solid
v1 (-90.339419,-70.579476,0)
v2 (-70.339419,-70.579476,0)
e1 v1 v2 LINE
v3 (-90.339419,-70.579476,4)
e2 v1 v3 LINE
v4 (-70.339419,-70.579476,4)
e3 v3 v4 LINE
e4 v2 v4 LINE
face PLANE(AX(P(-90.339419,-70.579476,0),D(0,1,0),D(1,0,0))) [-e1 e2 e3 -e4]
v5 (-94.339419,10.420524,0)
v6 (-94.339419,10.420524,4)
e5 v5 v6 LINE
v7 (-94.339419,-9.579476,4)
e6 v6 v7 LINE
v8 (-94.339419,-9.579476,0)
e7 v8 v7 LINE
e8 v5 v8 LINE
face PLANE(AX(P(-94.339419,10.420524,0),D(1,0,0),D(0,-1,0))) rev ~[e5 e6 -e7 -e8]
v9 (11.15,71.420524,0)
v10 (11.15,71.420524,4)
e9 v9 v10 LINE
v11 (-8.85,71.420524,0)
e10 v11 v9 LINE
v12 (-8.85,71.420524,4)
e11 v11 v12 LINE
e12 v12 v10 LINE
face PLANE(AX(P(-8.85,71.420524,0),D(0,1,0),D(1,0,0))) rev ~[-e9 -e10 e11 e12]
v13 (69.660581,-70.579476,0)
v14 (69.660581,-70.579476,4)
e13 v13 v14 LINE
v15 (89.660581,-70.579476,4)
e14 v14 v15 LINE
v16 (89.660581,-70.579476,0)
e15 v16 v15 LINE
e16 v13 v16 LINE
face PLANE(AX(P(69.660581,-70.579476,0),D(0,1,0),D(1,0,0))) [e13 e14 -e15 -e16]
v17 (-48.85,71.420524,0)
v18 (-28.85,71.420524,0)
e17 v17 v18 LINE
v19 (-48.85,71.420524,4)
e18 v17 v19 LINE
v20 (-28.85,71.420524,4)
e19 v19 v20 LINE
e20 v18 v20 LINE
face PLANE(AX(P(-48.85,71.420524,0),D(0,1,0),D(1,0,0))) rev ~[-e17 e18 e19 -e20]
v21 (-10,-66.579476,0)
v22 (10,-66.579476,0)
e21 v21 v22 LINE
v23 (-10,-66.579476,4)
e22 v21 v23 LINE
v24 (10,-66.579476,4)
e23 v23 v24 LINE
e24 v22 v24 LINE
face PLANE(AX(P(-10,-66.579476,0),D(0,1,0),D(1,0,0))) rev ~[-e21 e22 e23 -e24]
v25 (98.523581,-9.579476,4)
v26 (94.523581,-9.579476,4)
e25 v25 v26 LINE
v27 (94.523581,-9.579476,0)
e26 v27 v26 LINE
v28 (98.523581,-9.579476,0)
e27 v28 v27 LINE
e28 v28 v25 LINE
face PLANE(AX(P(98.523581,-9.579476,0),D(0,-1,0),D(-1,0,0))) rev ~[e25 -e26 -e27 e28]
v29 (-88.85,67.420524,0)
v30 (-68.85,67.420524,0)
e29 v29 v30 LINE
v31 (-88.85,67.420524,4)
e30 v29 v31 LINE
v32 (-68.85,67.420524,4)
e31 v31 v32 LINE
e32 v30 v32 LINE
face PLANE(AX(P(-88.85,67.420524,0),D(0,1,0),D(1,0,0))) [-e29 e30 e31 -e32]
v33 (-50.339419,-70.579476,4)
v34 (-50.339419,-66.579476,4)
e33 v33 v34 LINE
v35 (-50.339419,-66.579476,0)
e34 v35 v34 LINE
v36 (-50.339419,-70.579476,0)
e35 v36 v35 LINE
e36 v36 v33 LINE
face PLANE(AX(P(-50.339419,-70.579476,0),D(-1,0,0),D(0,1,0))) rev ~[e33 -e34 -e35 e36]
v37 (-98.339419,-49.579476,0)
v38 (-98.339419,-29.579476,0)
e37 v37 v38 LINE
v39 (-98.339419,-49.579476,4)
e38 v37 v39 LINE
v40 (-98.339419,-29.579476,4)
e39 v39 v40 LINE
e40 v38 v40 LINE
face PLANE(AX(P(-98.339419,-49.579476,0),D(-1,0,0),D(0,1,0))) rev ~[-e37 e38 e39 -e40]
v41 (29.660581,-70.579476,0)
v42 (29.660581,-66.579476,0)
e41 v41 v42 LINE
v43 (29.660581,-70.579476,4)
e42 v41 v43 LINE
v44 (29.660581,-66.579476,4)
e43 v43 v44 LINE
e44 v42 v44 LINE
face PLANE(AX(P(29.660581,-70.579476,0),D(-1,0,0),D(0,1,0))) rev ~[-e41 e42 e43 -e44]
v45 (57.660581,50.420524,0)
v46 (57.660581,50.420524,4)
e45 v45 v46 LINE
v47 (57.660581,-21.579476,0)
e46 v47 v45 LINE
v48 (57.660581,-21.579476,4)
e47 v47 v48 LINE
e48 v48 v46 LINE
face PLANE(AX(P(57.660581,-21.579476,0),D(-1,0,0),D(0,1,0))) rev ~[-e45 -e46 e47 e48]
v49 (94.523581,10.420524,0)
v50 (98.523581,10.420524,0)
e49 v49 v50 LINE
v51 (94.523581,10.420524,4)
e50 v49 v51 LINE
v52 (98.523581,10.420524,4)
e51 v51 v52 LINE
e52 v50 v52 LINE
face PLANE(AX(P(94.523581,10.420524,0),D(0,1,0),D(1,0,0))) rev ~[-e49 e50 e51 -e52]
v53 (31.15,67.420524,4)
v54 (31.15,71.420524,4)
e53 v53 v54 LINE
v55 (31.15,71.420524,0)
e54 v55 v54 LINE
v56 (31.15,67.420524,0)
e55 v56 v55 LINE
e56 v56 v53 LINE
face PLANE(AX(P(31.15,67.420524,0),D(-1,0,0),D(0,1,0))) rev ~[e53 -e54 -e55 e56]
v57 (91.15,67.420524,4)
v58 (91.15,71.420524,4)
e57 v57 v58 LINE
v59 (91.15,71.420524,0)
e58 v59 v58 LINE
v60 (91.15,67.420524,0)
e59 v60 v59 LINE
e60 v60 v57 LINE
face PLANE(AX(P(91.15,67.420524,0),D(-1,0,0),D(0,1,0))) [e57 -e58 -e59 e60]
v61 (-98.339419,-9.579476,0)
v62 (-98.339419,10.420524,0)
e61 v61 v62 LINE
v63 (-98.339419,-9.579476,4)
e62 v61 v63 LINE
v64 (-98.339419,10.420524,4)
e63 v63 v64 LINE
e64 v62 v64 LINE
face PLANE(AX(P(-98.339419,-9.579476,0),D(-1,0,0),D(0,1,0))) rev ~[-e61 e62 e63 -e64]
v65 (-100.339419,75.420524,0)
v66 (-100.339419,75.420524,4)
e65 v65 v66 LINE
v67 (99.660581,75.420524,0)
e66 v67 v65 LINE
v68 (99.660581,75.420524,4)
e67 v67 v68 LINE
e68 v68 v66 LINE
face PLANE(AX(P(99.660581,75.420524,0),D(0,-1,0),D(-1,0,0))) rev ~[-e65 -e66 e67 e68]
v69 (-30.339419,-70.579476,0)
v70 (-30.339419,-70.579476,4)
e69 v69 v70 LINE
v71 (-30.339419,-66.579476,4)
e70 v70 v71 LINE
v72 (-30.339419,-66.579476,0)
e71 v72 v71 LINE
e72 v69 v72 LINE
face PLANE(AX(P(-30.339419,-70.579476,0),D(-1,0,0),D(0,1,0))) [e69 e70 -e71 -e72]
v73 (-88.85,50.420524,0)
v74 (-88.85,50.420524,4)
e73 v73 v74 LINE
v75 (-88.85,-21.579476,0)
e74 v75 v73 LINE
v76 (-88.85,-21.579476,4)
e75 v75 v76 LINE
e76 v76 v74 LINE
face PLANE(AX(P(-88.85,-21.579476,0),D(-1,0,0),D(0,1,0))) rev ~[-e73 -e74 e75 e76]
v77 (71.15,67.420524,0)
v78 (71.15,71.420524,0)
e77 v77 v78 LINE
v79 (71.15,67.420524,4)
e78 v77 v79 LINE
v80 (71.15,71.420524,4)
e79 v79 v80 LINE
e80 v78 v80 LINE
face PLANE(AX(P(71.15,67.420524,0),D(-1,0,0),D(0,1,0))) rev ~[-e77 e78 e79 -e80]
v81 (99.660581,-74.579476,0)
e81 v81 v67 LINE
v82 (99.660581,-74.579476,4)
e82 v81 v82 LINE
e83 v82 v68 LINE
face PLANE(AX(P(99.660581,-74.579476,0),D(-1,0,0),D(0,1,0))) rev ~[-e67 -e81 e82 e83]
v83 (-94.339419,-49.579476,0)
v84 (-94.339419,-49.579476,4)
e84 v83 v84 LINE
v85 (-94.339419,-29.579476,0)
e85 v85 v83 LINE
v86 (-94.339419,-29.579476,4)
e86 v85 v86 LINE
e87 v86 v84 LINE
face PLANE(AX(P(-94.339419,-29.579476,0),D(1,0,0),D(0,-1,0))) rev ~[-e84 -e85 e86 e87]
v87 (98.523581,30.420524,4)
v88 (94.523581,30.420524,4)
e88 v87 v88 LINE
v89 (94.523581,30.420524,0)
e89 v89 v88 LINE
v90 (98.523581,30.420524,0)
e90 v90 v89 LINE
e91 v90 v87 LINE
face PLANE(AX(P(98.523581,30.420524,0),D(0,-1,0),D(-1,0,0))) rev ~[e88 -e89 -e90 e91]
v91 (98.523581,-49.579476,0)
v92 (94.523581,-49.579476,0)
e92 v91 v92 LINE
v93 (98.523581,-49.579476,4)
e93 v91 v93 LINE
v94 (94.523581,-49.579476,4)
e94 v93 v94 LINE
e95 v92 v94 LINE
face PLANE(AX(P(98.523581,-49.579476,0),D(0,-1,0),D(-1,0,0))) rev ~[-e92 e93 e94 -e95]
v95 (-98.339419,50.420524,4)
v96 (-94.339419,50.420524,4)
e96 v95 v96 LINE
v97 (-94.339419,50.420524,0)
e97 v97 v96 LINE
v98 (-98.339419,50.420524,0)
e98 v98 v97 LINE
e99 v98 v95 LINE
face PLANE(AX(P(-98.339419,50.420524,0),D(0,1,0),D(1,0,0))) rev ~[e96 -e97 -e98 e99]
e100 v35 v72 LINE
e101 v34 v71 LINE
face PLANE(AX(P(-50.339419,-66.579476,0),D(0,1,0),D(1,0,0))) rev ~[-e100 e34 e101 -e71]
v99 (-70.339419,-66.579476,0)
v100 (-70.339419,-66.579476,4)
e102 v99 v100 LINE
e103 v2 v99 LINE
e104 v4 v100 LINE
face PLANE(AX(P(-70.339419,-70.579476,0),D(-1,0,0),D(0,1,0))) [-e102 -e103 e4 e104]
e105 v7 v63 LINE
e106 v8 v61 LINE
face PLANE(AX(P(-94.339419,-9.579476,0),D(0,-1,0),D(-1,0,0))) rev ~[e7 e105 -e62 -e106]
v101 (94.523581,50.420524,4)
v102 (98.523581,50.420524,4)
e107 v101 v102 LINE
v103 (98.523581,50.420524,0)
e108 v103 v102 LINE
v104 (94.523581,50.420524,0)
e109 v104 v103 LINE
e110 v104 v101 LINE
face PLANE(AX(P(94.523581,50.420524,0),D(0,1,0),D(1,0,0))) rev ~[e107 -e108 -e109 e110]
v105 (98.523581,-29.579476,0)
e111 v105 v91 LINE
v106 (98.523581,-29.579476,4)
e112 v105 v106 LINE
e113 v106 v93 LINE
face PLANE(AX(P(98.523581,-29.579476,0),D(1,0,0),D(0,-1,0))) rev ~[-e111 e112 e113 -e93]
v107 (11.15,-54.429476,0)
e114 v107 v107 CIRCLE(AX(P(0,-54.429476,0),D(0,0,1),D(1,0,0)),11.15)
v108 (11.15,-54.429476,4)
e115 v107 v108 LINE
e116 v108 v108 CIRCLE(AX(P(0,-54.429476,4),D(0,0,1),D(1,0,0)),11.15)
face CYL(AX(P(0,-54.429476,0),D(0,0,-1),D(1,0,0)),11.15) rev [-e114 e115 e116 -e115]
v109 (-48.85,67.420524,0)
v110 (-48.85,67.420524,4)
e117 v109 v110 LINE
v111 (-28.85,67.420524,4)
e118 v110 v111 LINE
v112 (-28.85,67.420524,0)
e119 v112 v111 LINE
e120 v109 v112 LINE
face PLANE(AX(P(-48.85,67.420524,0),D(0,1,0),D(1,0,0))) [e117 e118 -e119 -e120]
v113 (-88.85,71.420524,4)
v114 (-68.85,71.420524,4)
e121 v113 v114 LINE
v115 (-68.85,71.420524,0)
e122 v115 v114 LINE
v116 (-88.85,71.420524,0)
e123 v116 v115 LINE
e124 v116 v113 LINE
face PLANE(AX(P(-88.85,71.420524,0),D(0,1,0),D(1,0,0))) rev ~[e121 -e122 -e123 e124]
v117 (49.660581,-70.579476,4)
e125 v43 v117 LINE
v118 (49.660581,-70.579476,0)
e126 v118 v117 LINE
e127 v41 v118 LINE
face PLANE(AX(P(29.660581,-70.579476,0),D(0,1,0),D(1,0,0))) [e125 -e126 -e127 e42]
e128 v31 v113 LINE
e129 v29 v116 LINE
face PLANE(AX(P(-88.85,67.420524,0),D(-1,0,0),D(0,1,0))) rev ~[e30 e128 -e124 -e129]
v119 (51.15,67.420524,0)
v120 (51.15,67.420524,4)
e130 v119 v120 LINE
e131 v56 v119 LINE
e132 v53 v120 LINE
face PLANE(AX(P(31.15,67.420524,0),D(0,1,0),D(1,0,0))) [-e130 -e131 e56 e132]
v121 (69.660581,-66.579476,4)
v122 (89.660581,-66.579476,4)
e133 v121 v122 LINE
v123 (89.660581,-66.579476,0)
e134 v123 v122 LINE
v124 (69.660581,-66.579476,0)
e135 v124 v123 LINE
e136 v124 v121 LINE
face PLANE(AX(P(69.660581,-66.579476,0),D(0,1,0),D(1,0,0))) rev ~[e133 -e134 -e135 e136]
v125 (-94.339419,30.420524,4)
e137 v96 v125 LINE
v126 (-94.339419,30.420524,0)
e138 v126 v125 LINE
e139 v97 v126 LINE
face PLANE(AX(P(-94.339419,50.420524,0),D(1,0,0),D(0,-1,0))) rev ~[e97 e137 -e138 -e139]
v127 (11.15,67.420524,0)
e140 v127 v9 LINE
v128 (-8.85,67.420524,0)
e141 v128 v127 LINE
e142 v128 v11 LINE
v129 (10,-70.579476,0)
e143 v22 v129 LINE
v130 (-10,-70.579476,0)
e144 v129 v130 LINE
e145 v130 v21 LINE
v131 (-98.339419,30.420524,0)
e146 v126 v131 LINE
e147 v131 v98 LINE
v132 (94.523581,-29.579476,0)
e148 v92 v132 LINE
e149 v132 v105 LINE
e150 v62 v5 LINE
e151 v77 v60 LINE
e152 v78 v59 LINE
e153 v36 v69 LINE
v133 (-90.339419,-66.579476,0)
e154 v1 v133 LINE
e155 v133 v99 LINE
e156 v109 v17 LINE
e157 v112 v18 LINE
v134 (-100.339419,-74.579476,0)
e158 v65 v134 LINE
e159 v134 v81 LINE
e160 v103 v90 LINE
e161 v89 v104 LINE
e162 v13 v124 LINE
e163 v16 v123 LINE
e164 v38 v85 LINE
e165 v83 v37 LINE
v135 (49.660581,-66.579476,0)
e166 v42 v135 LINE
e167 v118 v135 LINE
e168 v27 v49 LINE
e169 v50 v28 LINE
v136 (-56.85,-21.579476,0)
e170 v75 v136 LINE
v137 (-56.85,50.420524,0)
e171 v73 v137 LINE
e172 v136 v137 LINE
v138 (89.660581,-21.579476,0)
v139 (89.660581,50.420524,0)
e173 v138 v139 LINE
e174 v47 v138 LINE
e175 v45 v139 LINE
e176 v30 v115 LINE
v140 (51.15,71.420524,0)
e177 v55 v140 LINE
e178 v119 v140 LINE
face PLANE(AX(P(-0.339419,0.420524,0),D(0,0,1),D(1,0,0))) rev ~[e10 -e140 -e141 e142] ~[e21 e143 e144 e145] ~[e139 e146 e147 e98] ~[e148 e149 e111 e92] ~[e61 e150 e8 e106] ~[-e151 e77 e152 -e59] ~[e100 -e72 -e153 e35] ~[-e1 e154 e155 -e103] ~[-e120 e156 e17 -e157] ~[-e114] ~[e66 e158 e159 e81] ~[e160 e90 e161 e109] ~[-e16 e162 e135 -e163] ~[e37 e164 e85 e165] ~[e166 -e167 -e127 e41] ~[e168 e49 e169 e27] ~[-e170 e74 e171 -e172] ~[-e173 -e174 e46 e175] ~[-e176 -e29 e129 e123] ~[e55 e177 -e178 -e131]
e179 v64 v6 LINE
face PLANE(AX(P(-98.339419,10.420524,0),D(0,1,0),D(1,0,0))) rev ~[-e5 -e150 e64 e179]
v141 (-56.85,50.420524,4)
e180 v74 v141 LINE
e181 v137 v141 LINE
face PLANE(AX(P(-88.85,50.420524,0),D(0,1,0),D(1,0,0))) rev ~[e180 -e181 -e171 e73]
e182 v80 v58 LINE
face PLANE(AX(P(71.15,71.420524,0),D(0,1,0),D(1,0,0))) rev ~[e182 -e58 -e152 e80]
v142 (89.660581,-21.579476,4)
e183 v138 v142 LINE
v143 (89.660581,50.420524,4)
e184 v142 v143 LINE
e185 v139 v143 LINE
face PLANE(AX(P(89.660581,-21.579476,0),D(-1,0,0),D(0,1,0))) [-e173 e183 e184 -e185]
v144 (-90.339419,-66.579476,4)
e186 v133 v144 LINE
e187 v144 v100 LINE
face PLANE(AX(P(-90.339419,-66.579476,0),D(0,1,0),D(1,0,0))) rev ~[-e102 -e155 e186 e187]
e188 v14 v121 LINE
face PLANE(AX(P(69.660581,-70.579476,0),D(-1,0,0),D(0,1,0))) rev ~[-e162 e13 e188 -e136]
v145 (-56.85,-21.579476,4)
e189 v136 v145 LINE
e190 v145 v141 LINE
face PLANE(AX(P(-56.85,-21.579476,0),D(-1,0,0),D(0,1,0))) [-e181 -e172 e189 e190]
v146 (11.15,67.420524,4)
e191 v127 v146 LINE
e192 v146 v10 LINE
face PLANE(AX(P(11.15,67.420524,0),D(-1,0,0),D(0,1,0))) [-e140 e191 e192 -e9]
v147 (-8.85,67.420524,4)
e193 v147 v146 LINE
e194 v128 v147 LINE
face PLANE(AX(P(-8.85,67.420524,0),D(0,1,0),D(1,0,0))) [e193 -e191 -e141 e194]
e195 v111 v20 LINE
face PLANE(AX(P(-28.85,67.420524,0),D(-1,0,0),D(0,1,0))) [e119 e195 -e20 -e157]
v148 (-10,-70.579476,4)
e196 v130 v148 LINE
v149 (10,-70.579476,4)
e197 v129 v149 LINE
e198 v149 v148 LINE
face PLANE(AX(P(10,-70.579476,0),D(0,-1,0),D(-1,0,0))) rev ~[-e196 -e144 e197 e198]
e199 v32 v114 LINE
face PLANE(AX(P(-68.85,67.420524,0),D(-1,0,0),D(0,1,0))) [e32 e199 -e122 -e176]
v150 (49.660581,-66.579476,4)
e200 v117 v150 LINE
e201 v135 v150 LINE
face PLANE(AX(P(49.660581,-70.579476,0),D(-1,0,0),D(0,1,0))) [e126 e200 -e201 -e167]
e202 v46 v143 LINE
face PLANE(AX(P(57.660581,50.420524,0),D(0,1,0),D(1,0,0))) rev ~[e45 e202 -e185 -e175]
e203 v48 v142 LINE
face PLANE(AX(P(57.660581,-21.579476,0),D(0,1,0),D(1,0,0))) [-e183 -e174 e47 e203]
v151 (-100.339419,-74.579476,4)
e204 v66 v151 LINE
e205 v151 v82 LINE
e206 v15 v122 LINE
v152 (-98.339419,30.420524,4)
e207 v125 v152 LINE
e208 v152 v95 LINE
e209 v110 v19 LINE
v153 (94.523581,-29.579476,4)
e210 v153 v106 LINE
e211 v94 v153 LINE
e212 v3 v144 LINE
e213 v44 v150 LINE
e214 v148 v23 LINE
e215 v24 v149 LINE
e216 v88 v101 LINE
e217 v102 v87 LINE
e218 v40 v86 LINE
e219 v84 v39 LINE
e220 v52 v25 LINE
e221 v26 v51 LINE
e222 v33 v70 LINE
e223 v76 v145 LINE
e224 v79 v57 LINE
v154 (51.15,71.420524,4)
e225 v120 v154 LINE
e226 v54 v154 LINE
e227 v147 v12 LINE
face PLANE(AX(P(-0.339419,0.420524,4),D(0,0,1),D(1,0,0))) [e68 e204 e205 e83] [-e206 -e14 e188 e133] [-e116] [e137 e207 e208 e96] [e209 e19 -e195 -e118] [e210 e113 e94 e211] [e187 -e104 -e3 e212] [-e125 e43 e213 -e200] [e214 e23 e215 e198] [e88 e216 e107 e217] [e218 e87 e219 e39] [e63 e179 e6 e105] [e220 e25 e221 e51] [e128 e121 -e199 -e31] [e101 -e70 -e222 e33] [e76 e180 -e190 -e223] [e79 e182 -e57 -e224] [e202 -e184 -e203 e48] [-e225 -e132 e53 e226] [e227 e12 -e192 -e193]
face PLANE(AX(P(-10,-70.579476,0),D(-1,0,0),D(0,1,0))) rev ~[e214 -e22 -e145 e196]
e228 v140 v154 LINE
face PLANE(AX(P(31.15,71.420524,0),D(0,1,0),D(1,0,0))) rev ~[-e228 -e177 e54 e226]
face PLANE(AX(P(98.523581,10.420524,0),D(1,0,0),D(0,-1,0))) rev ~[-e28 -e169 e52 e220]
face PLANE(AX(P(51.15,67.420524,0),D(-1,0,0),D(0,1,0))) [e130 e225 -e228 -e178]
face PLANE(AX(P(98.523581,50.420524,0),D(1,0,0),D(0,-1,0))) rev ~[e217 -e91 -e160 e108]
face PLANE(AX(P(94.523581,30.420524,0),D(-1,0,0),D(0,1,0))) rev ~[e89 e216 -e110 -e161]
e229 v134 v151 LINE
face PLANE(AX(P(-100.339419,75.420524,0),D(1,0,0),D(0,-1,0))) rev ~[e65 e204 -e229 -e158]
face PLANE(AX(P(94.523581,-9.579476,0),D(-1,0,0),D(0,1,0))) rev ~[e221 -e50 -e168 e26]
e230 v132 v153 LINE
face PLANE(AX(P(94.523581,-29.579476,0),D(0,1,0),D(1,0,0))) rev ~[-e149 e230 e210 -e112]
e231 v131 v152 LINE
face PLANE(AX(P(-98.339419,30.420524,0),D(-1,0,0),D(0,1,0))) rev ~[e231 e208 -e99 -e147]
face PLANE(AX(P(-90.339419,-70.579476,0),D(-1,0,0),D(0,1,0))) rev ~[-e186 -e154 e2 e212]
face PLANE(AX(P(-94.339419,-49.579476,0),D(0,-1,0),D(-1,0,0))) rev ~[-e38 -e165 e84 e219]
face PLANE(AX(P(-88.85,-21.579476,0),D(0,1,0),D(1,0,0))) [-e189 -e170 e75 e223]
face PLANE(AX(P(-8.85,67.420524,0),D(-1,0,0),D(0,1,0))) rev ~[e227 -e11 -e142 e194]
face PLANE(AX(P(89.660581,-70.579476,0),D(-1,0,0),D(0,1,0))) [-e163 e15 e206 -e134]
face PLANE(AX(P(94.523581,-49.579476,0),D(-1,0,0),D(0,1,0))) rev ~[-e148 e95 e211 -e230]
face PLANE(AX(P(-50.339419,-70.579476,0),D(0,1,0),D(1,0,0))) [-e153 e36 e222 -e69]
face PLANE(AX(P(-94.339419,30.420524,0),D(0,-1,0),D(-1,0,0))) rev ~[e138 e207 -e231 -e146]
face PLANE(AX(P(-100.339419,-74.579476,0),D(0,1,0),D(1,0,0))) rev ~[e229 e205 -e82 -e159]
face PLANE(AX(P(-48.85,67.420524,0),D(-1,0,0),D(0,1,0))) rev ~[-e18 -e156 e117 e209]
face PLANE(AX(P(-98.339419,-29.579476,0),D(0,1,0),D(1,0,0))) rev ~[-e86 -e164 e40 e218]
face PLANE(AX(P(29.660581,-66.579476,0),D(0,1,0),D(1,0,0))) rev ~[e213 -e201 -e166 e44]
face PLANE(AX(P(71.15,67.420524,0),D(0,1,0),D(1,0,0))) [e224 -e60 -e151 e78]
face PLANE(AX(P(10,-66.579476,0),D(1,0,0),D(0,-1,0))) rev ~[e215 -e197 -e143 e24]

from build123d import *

# Parameters (mm, degrees)
F0_W     = 20
F0_H     = 4
F0_R     = 11.15
F0_W_2   = 32
F0_H_2   = 72
F1_DEPTH = 4


with BuildPart() as f1:
    # F0 (on Top) → F1 (new body)
    with BuildSketch(Plane.XY):
        Polygon((99.660581, -9.579476), (99.660581, 75.420524), (29.660581, 75.420524), (9.660581, 75.420524), (-100.339419, 75.420524), (-100.339419, -74.579476), (99.660581, -74.579476), (99.660581, -69.579476), (99.660581, -49.579476), (99.660581, -29.579476), align=None)
        with Locations((-80.339419, -68.579476)):
            Rectangle(F0_W, F0_H, mode=Mode.SUBTRACT)
        Polygon((-98.339419, -29.579476), (-94.339419, -29.579476), (-94.339419, -39.579476), (-94.339419, -49.579476), (-98.339419, -49.579476), (-98.339419, -39.579476), align=None, mode=Mode.SUBTRACT)
        with Locations((-40.339419, -68.579476)):
            Rectangle(F0_W, F0_H, mode=Mode.SUBTRACT)
        Polygon((-10, -66.579476), (0, -66.579476), (10, -66.579476), (10, -70.579476), (-10, -70.579476), align=None, mode=Mode.SUBTRACT)
        with Locations((39.660581, -68.579476)):
            Rectangle(F0_W, F0_H, mode=Mode.SUBTRACT)
        with Locations((0, -54.429476)):
            Circle(F0_R, mode=Mode.SUBTRACT)
        with Locations((79.660581, -68.579476)):
            Rectangle(F0_W, F0_H, mode=Mode.SUBTRACT)
        Polygon((94.523581, -39.579476), (94.523581, -29.579476), (98.523581, -29.579476), (98.523581, -39.579476), (98.523581, -49.579476), (94.523581, -49.579476), align=None, mode=Mode.SUBTRACT)
        Polygon((-98.339419, -9.579476), (-98.339419, 0.420524), (-98.339419, 10.420524), (-94.339419, 10.420524), (-94.339419, 0.420524), (-94.339419, -9.579476), align=None, mode=Mode.SUBTRACT)
        with Locations((-72.85, 14.420524)):
            Rectangle(F0_W_2, F0_H_2, mode=Mode.SUBTRACT)
        Polygon((-98.339419, 30.420524), (-98.339419, 40.420524), (-98.339419, 50.420524), (-94.339419, 50.420524), (-94.339419, 40.420524), (-94.339419, 30.420524), align=None, mode=Mode.SUBTRACT)
        with Locations((-78.85, 69.420524)):
            Rectangle(F0_W, F0_H, mode=Mode.SUBTRACT)
        with Locations((-38.85, 69.420524)):
            Rectangle(F0_W, F0_H, mode=Mode.SUBTRACT)
        with Locations((73.660581, 14.420524)):
            Rectangle(F0_W_2, F0_H_2, mode=Mode.SUBTRACT)
        Polygon((94.523581, -9.579476), (94.523581, 0.420524), (94.523581, 10.420524), (98.523581, 10.420524), (98.523581, 0.420524), (98.523581, -9.579476), align=None, mode=Mode.SUBTRACT)
        with Locations((1.15, 69.420524)):
            Rectangle(F0_W, F0_H, mode=Mode.SUBTRACT)
        with Locations((41.15, 69.420524)):
            Rectangle(F0_W, F0_H, mode=Mode.SUBTRACT)
        Polygon((98.523581, 40.420524), (98.523581, 30.420524), (94.523581, 30.420524), (94.523581, 40.420524), (94.523581, 50.420524), (98.523581, 50.420524), align=None, mode=Mode.SUBTRACT)
        with Locations((81.15, 69.420524)):
            Rectangle(F0_W, F0_H, mode=Mode.SUBTRACT)
    extrude(amount=F1_DEPTH)


solid = f1.part
